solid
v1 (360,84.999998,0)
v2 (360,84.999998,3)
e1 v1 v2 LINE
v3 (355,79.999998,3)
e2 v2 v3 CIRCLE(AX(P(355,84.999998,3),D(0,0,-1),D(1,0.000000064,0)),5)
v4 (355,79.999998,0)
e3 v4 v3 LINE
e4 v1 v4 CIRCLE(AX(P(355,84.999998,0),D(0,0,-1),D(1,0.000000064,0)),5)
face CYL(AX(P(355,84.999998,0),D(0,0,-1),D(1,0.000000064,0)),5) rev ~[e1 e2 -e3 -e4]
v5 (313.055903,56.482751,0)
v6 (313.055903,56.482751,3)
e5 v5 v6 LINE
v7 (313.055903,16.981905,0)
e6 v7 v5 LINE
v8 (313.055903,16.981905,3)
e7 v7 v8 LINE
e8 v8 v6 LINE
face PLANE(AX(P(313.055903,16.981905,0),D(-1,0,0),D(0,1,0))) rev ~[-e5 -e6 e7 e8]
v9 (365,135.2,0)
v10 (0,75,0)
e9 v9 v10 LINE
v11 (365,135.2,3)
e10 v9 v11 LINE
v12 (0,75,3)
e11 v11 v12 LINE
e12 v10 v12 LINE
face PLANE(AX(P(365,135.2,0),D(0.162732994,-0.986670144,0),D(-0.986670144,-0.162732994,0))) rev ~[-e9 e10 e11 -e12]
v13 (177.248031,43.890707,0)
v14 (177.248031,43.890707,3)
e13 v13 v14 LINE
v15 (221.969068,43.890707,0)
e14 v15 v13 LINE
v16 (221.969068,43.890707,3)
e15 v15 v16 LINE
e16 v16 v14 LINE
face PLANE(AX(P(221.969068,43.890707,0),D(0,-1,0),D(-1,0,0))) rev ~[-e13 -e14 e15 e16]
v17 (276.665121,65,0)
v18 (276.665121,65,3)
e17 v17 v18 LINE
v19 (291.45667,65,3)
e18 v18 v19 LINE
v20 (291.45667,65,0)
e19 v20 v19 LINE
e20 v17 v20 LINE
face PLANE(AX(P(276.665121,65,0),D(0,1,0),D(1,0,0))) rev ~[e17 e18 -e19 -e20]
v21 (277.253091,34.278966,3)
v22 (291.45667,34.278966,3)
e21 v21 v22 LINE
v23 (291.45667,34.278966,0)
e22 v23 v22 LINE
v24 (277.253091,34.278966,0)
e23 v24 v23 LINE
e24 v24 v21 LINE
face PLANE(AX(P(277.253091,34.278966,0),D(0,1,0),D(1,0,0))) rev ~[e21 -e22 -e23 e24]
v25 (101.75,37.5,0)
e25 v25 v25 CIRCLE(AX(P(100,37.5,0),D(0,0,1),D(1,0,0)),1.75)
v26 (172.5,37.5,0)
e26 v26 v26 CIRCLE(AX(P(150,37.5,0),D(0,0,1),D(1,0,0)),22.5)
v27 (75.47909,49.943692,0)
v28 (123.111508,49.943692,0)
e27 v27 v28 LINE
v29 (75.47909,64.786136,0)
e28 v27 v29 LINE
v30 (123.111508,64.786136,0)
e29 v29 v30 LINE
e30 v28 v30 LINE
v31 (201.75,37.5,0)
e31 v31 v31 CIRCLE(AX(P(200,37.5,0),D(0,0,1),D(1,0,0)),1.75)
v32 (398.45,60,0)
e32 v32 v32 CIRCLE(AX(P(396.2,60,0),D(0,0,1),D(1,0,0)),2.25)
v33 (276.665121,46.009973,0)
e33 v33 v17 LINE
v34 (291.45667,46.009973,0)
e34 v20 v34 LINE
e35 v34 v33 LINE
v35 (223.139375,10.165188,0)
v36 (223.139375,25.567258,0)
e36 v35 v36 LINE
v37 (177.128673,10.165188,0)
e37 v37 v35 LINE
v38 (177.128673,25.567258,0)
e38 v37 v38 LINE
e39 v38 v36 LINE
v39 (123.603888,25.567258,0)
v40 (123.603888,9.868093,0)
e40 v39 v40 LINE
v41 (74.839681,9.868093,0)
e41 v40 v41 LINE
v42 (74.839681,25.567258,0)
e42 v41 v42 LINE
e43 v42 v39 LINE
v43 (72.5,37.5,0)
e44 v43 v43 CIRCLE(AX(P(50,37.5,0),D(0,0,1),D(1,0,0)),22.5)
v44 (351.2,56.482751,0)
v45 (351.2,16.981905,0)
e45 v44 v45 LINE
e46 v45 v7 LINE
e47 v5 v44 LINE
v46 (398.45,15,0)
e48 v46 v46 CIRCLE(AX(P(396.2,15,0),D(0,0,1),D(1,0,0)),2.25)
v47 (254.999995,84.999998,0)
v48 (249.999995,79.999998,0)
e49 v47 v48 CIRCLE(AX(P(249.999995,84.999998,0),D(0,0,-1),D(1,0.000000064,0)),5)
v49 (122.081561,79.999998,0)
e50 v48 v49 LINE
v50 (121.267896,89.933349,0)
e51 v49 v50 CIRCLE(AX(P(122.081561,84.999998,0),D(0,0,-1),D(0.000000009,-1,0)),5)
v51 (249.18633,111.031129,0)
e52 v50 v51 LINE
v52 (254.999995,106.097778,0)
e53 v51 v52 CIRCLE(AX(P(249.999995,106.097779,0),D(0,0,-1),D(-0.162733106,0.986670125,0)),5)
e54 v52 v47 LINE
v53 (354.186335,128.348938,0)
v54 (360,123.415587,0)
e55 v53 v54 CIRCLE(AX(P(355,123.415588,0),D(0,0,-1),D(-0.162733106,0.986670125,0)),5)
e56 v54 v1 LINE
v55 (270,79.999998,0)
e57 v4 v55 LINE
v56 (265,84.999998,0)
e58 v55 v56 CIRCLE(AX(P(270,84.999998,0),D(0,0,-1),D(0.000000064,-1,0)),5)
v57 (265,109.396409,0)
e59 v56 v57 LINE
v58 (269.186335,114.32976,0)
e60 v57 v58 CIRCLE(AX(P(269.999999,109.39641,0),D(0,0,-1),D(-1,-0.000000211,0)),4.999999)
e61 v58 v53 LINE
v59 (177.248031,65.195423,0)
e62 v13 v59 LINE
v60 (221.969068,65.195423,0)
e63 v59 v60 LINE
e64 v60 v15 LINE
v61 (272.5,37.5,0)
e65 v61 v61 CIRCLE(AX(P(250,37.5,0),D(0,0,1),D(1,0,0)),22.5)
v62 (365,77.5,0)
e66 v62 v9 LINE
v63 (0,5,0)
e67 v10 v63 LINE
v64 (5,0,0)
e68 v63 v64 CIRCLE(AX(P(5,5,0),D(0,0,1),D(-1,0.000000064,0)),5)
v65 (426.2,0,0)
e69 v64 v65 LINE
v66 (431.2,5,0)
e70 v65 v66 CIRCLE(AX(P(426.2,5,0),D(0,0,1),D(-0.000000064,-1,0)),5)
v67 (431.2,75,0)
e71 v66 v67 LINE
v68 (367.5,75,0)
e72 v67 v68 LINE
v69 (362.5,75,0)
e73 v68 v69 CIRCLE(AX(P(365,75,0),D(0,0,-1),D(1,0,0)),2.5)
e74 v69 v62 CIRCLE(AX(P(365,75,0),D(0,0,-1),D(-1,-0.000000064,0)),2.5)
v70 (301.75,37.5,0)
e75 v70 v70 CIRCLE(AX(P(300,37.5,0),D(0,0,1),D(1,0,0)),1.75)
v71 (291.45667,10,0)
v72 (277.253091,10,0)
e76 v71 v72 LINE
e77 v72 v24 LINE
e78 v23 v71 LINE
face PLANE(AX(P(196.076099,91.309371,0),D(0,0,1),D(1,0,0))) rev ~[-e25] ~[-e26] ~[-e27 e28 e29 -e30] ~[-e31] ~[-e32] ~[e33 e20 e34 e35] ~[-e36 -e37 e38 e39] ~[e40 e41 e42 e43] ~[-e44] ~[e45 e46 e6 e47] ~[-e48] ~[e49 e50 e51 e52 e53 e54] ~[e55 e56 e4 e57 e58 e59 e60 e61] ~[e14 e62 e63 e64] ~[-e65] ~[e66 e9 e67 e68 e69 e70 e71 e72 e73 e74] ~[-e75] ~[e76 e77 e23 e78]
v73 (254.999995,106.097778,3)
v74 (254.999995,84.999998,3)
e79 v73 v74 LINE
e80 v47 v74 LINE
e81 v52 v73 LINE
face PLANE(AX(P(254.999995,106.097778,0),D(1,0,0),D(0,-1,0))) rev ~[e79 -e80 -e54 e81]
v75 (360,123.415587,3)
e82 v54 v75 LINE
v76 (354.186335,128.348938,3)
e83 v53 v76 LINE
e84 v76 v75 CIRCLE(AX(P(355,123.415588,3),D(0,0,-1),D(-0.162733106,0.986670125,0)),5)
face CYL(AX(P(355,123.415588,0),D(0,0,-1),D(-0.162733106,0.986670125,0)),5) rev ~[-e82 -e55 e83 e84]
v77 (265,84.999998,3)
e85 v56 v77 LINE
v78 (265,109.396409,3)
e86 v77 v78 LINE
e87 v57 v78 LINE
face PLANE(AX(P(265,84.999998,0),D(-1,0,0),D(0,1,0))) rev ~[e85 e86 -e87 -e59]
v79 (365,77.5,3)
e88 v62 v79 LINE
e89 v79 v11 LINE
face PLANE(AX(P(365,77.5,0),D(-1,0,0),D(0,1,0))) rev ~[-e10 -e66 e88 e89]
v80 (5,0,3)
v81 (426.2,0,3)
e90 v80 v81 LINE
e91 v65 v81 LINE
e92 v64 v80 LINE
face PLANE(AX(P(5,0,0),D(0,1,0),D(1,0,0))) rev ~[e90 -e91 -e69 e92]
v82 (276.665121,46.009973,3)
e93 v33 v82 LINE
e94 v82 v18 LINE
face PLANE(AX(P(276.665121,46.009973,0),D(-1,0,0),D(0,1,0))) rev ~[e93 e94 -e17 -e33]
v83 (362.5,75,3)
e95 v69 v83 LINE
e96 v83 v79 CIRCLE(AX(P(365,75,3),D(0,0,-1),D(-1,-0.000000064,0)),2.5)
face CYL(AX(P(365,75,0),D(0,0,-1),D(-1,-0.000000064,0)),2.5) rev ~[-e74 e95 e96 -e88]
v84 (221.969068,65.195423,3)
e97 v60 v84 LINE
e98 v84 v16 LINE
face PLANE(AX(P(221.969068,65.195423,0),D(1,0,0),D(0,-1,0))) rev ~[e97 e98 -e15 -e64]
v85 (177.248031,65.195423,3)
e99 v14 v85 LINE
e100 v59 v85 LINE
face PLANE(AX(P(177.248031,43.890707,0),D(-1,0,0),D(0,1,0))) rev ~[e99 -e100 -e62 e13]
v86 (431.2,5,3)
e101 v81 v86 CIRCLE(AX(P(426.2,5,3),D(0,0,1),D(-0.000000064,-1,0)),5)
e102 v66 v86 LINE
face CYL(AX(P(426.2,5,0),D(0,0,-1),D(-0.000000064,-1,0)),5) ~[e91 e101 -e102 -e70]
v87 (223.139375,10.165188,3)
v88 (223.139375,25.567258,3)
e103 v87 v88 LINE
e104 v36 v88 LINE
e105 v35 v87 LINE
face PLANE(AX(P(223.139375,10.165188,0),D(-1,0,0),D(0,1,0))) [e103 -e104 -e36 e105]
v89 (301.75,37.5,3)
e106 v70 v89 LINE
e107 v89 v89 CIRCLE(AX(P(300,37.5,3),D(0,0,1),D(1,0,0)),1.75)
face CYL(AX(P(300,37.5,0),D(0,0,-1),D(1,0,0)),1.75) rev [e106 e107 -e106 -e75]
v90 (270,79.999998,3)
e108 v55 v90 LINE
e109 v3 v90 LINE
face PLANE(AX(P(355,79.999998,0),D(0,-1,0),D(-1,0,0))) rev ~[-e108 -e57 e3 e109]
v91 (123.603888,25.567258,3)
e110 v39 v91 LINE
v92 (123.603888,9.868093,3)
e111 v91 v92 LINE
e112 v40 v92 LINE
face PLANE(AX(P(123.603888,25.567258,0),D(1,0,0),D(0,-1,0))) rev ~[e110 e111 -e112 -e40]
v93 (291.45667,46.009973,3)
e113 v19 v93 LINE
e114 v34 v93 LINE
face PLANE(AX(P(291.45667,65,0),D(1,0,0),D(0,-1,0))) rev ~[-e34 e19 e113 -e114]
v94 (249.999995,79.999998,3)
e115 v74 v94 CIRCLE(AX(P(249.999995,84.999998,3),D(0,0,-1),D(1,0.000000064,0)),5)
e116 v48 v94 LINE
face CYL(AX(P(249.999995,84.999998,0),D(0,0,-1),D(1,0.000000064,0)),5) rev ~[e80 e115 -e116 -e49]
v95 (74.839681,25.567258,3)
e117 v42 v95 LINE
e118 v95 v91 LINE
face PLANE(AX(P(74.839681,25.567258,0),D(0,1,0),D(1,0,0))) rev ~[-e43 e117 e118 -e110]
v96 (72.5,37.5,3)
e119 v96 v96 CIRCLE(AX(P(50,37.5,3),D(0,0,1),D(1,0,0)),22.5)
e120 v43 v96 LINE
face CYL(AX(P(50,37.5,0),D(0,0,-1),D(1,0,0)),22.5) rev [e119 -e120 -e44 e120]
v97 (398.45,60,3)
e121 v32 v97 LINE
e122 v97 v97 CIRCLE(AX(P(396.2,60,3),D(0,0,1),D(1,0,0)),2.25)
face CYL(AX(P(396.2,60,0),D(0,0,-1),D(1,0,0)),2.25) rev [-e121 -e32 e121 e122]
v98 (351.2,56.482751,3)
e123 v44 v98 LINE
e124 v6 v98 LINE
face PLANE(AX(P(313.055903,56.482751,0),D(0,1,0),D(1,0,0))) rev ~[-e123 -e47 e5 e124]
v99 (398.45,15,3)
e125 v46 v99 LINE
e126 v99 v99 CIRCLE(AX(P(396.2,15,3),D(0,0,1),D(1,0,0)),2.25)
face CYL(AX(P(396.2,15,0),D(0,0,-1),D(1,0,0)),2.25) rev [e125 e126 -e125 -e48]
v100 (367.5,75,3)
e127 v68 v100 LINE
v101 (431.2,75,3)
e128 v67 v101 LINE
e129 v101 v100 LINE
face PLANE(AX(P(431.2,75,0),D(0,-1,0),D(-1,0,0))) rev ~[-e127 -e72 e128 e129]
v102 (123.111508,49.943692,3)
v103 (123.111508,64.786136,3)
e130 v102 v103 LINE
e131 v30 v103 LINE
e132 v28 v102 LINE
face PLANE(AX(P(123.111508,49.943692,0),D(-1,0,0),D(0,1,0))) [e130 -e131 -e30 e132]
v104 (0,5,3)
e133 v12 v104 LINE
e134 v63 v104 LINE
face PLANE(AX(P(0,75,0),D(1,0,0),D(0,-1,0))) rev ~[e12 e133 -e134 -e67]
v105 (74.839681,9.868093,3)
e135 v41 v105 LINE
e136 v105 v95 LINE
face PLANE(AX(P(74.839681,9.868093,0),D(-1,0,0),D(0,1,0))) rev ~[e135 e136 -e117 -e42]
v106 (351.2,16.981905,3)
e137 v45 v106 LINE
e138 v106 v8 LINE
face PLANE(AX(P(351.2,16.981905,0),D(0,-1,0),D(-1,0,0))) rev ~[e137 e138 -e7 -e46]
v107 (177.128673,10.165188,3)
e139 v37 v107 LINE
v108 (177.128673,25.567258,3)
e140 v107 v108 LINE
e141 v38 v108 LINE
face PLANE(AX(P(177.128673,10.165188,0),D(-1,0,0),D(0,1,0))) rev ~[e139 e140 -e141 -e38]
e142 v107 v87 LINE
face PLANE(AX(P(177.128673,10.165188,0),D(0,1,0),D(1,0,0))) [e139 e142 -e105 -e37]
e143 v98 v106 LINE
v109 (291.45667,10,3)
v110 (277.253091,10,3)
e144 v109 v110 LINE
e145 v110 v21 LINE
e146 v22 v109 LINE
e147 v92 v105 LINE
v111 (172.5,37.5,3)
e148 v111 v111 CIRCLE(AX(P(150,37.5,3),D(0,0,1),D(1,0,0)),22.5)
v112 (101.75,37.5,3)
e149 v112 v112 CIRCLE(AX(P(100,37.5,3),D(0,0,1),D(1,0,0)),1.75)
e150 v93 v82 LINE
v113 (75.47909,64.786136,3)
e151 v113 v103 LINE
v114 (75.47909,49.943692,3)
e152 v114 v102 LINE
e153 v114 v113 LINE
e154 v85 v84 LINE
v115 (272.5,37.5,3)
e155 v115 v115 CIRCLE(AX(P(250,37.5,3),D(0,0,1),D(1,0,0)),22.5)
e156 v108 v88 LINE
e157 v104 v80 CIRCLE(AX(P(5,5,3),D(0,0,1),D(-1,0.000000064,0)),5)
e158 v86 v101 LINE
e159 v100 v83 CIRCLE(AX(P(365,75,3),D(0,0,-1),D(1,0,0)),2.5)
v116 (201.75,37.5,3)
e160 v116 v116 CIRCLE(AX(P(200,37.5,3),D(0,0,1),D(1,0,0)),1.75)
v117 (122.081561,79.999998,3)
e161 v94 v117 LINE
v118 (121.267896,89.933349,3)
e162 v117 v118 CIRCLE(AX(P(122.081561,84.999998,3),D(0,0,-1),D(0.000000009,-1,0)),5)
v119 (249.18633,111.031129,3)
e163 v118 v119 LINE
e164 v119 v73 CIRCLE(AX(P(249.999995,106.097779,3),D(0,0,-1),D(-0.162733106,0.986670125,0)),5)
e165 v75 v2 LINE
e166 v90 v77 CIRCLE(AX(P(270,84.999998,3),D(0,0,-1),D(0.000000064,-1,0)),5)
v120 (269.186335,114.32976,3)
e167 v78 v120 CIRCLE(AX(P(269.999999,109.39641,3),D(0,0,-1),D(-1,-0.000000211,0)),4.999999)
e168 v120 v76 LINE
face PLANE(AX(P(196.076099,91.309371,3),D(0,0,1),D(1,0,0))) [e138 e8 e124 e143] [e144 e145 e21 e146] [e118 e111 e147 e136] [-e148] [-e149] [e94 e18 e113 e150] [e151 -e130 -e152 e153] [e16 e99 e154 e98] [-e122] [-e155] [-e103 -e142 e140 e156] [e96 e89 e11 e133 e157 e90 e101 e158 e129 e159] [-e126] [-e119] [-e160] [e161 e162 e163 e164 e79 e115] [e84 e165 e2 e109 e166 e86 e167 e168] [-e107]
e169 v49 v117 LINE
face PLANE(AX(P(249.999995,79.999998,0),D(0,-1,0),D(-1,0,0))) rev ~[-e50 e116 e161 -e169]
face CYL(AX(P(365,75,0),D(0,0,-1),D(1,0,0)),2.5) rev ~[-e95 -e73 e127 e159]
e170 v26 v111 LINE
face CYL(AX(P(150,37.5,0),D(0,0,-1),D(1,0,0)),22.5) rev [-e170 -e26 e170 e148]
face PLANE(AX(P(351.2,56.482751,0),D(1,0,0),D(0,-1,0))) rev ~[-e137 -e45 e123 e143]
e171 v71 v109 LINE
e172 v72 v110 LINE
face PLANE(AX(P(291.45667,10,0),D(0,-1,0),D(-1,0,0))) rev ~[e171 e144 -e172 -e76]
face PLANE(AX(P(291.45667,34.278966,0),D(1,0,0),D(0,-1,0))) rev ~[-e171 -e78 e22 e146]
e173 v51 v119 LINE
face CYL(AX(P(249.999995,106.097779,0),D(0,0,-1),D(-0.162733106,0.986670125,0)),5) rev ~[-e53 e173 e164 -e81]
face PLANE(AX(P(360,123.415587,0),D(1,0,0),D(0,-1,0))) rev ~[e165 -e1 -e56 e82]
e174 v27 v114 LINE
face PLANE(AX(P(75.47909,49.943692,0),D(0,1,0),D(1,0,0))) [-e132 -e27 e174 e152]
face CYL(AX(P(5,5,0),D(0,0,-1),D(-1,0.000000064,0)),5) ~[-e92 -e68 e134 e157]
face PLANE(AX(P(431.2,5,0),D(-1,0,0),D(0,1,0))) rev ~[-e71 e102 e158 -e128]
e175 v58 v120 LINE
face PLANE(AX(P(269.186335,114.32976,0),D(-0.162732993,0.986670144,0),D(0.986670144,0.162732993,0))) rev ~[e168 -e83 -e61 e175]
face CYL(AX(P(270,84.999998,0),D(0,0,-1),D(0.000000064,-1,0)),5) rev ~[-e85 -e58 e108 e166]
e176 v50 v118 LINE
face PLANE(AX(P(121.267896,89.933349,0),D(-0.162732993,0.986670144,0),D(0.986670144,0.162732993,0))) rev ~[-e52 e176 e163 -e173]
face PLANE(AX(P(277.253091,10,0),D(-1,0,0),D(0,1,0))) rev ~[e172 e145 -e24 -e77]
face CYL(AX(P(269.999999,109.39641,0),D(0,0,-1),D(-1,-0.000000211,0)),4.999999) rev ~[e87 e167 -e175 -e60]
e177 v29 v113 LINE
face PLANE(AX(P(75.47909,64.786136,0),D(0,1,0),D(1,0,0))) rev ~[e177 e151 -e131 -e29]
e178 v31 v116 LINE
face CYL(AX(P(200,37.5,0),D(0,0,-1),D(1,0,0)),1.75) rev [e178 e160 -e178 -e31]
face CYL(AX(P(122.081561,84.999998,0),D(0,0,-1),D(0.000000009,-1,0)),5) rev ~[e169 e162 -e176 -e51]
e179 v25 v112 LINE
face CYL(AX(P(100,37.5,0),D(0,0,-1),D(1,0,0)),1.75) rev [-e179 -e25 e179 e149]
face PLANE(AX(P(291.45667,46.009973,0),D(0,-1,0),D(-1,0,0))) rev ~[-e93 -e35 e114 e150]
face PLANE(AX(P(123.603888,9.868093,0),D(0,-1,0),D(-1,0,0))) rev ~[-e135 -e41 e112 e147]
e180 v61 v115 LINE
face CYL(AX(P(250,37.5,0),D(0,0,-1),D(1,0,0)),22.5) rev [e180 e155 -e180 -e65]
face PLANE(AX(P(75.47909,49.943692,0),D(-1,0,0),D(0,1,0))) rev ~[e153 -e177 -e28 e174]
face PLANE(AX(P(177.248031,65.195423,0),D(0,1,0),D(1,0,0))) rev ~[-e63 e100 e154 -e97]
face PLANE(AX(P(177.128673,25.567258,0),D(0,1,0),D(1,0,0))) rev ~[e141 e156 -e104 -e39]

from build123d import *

# Parameters (mm, degrees)
F0_R     = 2.25
F0_W     = 46.010702
F0_H     = 15.40207
F0_R_2   = 22.5
F0_R_3   = 1.75
F0_W_2   = 47.632419
F0_H_2   = 14.842443
F1_DEPTH = 3


with BuildPart() as f1:
    # F0 (on Top) → F1 (new body)
    with BuildSketch(Plane.XY):
        with BuildLine():
            Line((365, 135.2), (0, 75))
            Line((0, 75), (362.5, 75))
            ThreePointArc((362.5, 75), (363.232233, 76.767767), (365, 77.5))
            Line((365, 77.5), (365, 135.2))
        make_face()
        with BuildLine():
            Line((249.999995, 79.999998), (122.081561, 79.999998))
            ThreePointArc((122.081561, 79.999998), (117.098251, 84.591803), (121.267896, 89.933349))
            Line((121.267896, 89.933349), (249.18633, 111.031129))
            ThreePointArc((249.18633, 111.031129), (253.23509, 109.910148), (254.999995, 106.097778))
            Line((254.999995, 106.097778), (254.999995, 84.999998))
            ThreePointArc((254.999995, 84.999998), (253.535529, 81.464464), (249.999995, 79.999998))
        make_face(mode=Mode.SUBTRACT)
        with BuildLine():
            ThreePointArc((354.186335, 128.348938), (358.235095, 127.227957), (360, 123.415587))
            Line((360, 123.415587), (360, 84.999998))
            ThreePointArc((360, 84.999998), (358.535534, 81.464464), (355, 79.999998))
            Line((355, 79.999998), (270, 79.999998))
            ThreePointArc((270, 79.999998), (266.464466, 81.464464), (265, 84.999998))
            Line((265, 84.999998), (265, 109.396409))
            ThreePointArc((265, 109.396409), (266.18763, 112.631504), (269.186335, 114.32976))
            Line((269.186335, 114.32976), (354.186335, 128.348938))
        make_face(mode=Mode.SUBTRACT)
        with BuildLine():
            ThreePointArc((0, 5), (1.464466, 1.464466), (5, 0))
            Line((5, 0), (426.2, 0))
            ThreePointArc((426.2, 0), (429.735534, 1.464466), (431.2, 5))
            Line((431.2, 5), (431.2, 75))
            Line((431.2, 75), (367.5, 75))
            ThreePointArc((367.5, 75), (365, 72.5), (362.5, 75))
            Line((362.5, 75), (0, 75))
            Line((0, 75), (0, 5))
        make_face()
        with BuildLine():
            ThreePointArc((15, 10), (11.464466, 11.464466), (10, 15))
            Line((10, 15), (10, 60))
            ThreePointArc((10, 60), (11.464466, 63.535534), (15, 65))
            Line((15, 65), (177.248031, 65))
            Line((177.248031, 65), (177.248031, 65.195423))
            Line((177.248031, 65.195423), (221.969068, 65.195423))
            Line((221.969068, 65.195423), (221.969068, 65))
            Line((221.969068, 65), (276.665121, 65))
            Line((276.665121, 65), (291.45667, 65))
            Line((291.45667, 65), (346.2, 65))
            ThreePointArc((346.2, 65), (349.735534, 63.535534), (351.2, 60))
            Line((351.2, 60), (351.2, 56.482751))
            Line((351.2, 56.482751), (351.2, 16.981905))
            Line((351.2, 16.981905), (351.2, 15))
            ThreePointArc((351.2, 15), (349.735534, 11.464466), (346.2, 10))
            Line((346.2, 10), (291.45667, 10))
            Line((291.45667, 10), (277.253091, 10))
            Line((277.253091, 10), (123.603888, 10))
            Line((123.603888, 10), (123.603888, 9.868093))
            Line((123.603888, 9.868093), (74.839681, 9.868093))
            Line((74.839681, 9.868093), (74.839681, 10))
            Line((74.839681, 10), (15, 10))
        make_face(mode=Mode.SUBTRACT)
        with Locations((396.2, 15)):
            Circle(F0_R, mode=Mode.SUBTRACT)
        with Locations((396.2, 60)):
            Circle(F0_R, mode=Mode.SUBTRACT)
        with BuildLine():
            Line((10, 60), (10, 15))
            ThreePointArc((10, 15), (11.464466, 11.464466), (15, 10))
            Line((15, 10), (74.839681, 10))
            Line((74.839681, 10), (74.839681, 25.567258))
            Line((74.839681, 25.567258), (123.603888, 25.567258))
            Line((123.603888, 25.567258), (123.603888, 10))
            Line((123.603888, 10), (277.253091, 10))
            Line((277.253091, 10), (277.253091, 34.278966))
            Line((277.253091, 34.278966), (291.45667, 34.278966))
            Line((291.45667, 34.278966), (291.45667, 10))
            Line((291.45667, 10), (346.2, 10))
            ThreePointArc((346.2, 10), (349.735534, 11.464466), (351.2, 15))
            Line((351.2, 15), (351.2, 16.981905))
            Line((351.2, 16.981905), (313.055903, 16.981905))
            Line((313.055903, 16.981905), (313.055903, 56.482751))
            Line((313.055903, 56.482751), (351.2, 56.482751))
            Line((351.2, 56.482751), (351.2, 60))
            ThreePointArc((351.2, 60), (349.735534, 63.535534), (346.2, 65))
            Line((346.2, 65), (291.45667, 65))
            Line((291.45667, 65), (291.45667, 46.009973))
            Line((291.45667, 46.009973), (276.665121, 46.009973))
            Line((276.665121, 46.009973), (276.665121, 65))
            Line((276.665121, 65), (221.969068, 65))
            Line((221.969068, 65), (221.969068, 43.890707))
            Line((221.969068, 43.890707), (177.248031, 43.890707))
            Line((177.248031, 43.890707), (177.248031, 65))
            Line((177.248031, 65), (15, 65))
            ThreePointArc((15, 65), (11.464466, 63.535534), (10, 60))
        make_face()
        with Locations((200.134024, 17.866223)):
            Rectangle(F0_W, F0_H, mode=Mode.SUBTRACT)
        with Locations((50, 37.5)):
            Circle(F0_R_2, mode=Mode.SUBTRACT)
        with Locations((100, 37.5)):
            Circle(F0_R_3, mode=Mode.SUBTRACT)
        with Locations((99.295299, 57.364914)):
            Rectangle(F0_W_2, F0_H_2, mode=Mode.SUBTRACT)
        with Locations((150, 37.5)):
            Circle(F0_R_2, mode=Mode.SUBTRACT)
        with Locations((200, 37.5)):
            Circle(F0_R_3, mode=Mode.SUBTRACT)
        with Locations((250, 37.5)):
            Circle(F0_R_2, mode=Mode.SUBTRACT)
        with Locations((300, 37.5)):
            Circle(F0_R_3, mode=Mode.SUBTRACT)
    extrude(amount=F1_DEPTH)


solid = f1.part
